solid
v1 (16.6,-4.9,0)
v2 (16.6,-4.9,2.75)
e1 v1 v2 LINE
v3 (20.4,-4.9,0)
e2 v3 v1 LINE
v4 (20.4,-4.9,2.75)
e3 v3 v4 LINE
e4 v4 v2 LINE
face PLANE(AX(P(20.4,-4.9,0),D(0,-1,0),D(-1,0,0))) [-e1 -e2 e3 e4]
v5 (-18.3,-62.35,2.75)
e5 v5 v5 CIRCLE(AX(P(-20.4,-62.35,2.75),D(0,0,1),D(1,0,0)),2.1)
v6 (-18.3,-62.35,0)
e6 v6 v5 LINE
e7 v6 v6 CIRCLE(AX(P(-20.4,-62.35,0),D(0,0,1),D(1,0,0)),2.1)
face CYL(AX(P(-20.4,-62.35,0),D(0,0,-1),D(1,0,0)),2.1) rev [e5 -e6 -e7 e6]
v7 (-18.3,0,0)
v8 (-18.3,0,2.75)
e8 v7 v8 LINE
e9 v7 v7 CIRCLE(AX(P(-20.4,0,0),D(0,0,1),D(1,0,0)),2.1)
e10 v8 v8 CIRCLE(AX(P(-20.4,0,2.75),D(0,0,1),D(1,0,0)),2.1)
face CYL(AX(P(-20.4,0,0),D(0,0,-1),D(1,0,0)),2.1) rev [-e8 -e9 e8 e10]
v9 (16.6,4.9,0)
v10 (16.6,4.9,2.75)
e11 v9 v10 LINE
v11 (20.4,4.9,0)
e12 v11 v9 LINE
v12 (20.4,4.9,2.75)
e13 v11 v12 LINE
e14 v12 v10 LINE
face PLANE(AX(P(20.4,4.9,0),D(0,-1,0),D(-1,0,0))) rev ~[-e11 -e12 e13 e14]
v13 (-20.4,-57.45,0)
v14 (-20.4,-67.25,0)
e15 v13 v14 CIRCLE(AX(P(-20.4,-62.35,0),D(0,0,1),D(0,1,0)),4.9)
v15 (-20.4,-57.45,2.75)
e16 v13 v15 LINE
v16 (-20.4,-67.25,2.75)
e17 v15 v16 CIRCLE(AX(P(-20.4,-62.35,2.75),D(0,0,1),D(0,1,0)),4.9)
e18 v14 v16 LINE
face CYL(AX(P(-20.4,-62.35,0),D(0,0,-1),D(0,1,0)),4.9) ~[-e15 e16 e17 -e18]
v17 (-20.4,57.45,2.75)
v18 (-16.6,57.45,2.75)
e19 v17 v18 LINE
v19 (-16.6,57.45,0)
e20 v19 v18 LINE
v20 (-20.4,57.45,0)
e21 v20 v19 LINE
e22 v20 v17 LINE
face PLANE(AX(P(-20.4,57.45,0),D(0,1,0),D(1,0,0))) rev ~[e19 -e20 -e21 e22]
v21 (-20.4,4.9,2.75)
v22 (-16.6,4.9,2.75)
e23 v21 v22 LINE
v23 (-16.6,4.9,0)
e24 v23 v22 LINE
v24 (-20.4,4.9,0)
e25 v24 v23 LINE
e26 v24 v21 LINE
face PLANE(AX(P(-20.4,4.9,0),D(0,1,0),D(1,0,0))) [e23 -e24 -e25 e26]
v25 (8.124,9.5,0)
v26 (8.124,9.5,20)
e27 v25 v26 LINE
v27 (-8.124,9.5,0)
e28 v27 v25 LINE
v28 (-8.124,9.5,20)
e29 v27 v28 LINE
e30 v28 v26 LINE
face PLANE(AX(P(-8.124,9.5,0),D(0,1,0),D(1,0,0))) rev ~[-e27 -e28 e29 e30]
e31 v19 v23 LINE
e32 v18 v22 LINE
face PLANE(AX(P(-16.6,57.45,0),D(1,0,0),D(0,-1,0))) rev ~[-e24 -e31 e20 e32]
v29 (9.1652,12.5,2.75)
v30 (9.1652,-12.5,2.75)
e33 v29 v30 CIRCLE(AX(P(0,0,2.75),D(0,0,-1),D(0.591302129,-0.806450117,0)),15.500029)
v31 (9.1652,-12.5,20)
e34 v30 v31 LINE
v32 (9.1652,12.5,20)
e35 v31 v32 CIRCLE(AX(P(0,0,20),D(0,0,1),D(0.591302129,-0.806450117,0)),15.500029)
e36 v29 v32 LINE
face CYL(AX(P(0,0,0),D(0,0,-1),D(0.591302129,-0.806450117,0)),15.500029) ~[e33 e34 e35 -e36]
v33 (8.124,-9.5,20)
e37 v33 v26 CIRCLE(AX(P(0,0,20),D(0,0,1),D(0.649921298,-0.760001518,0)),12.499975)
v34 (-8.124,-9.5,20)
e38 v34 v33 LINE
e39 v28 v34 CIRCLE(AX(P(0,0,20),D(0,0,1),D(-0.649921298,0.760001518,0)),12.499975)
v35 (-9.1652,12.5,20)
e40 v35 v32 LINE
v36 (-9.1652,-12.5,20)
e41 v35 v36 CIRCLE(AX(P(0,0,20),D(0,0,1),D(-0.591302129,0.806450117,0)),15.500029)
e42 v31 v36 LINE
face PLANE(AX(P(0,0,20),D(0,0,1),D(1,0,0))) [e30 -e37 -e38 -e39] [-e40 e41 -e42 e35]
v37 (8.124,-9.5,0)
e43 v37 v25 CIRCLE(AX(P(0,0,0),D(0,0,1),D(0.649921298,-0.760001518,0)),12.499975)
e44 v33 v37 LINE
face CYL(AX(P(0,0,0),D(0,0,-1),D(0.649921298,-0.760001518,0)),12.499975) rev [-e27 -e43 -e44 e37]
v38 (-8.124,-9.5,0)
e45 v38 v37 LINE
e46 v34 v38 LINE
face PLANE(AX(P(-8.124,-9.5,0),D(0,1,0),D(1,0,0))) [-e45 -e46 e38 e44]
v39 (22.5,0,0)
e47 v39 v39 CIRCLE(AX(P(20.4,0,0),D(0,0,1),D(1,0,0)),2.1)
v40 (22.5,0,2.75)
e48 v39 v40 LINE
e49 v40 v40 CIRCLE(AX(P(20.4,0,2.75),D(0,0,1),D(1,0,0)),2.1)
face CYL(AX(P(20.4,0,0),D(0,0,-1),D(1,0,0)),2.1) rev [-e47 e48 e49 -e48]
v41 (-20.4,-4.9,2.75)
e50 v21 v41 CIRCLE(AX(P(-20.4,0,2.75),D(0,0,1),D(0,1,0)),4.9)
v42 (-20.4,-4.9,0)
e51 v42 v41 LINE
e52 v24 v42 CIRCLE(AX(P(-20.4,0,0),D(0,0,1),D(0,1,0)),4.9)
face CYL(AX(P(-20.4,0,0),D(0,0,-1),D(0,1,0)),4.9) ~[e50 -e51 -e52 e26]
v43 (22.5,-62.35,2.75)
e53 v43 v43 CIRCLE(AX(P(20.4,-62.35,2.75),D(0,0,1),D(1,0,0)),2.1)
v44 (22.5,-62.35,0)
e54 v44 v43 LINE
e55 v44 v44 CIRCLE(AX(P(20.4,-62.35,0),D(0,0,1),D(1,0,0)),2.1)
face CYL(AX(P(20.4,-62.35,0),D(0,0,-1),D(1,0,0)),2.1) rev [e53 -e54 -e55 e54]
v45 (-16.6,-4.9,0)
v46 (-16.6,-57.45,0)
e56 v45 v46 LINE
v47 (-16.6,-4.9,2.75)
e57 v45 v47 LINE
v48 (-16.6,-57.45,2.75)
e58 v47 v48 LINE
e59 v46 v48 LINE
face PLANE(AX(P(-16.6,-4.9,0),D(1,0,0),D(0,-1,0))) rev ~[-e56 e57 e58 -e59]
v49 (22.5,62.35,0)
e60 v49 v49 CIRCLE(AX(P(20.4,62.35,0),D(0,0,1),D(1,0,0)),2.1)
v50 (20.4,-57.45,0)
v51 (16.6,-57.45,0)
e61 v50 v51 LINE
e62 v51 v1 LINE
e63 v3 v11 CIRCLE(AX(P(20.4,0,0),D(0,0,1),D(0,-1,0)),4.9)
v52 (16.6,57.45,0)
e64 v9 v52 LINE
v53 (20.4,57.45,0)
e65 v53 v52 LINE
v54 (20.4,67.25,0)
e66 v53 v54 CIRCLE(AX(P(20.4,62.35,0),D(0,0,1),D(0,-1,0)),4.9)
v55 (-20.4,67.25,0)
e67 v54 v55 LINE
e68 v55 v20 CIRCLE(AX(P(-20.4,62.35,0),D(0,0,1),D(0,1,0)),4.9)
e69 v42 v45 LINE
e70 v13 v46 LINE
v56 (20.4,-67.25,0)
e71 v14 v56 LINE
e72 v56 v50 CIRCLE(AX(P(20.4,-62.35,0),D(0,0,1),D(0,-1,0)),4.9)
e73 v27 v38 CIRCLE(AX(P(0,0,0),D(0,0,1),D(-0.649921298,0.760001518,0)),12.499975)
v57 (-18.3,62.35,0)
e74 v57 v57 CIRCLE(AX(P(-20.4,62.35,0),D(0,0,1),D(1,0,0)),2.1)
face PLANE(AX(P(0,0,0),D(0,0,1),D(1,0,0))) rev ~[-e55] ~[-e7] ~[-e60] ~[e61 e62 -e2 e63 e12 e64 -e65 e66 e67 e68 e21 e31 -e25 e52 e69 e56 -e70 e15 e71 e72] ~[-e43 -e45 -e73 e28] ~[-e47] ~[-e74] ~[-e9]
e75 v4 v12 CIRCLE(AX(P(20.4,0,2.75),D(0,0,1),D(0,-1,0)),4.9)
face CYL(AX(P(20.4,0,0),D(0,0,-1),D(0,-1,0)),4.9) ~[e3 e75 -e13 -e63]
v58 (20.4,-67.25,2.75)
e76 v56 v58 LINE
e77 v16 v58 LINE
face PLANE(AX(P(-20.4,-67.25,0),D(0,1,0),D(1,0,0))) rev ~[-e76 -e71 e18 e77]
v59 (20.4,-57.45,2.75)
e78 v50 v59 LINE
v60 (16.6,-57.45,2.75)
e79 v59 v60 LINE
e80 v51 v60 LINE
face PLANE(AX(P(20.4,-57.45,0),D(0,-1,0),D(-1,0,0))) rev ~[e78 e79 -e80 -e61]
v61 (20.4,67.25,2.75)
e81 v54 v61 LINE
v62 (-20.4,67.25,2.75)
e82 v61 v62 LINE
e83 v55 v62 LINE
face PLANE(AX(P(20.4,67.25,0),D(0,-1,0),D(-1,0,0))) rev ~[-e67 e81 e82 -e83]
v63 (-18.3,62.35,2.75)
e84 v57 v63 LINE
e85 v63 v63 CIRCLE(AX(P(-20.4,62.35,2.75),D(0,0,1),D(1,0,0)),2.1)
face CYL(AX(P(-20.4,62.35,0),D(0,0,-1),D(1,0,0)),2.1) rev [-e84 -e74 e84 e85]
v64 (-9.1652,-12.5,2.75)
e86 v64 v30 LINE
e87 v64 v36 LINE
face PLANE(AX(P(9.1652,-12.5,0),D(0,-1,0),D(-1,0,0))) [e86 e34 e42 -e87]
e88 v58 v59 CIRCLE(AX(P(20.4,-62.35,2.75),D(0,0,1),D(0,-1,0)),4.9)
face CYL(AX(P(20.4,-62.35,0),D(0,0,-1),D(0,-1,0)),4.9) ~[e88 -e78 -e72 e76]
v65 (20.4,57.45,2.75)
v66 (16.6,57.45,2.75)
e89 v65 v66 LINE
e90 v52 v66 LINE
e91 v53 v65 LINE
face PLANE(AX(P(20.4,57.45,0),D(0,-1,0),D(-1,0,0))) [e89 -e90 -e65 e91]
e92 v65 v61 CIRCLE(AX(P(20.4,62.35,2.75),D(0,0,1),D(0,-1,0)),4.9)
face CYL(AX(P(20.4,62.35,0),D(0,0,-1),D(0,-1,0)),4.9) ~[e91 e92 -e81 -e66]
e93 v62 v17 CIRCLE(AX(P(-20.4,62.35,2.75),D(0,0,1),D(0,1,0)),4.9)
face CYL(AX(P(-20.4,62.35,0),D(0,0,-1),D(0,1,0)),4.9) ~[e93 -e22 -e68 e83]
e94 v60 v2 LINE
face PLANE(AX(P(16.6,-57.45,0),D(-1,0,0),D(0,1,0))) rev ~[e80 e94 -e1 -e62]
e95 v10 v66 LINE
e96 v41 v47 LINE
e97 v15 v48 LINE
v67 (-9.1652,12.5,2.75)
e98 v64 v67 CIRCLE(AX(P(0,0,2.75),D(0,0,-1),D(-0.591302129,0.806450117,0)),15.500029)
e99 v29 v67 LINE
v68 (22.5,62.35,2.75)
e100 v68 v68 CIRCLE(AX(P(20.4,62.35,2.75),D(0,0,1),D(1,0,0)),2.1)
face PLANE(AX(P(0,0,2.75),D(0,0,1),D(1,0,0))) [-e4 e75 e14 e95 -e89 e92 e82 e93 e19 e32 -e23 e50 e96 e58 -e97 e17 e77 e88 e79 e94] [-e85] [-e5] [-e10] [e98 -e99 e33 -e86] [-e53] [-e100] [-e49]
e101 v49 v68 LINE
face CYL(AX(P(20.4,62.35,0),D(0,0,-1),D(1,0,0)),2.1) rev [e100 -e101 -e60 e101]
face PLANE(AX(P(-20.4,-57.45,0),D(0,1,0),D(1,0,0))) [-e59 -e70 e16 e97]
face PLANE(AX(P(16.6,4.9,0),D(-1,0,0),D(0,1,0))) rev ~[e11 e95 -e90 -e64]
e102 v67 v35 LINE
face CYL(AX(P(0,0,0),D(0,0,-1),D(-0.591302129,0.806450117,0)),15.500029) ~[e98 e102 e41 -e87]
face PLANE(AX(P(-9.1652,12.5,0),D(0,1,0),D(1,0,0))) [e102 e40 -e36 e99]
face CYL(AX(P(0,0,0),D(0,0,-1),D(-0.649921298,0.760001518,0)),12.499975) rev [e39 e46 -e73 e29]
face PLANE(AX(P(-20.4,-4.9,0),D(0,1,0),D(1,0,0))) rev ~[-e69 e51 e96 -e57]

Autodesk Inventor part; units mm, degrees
ref_plane "YZ Plane" through (0, 0, 0) normal (1, 0, 0) x (0, 1, 0)
ref_plane "XZ Plane" through (0, 0, 0) normal (0, 1, 0) x (-1, 0, 0)
sketch "Sketch1" plane through (0, 0, 0) normal (0, 0, 1) x (1, 0, 0)
  line L0 (-8.124, 9.5) -> (8.124, 9.5)
  line L1 (-8.124, -9.5) -> (8.124, -9.5)
  line L2 (-14.5312, 0) -> (9.3904, 0) construction
  arc A0 (-8.124, 9.5) -> (-8.124, -9.5) centre (0, 0) ccw
  arc A1 (8.124, -9.5) -> (8.124, 9.5) centre (0, 0) ccw
  line L3 (-29.5712, -67.25) -> (29.5712, -67.25)
  line L4 (29.5712, 67.25) -> (-29.5712, 67.25)
  arc A2 (-20.4, -57.45) -> (-20.4, -67.25) centre (-20.4, -62.35) ccw
  line L5 (-20.4, -67.25) -> (-29.5712, -67.25)
  line L6 (-20.4, -57.45) -> (-16.6, -57.45)
  circle A3 centre (-20.4, -62.35) radius 2.1
  line L7 (0, -40.5988) -> (0, 24.1265) construction
  arc A4 (-20.4, 67.25) -> (-20.4, 57.45) centre (-20.4, 62.35) ccw
  line L8 (-20.4, 67.25) -> (-29.5712, 67.25)
  line L9 (-20.4, 57.45) -> (-16.6, 57.45)
  circle A5 centre (-20.4, 62.35) radius 2.1
  arc A6 (20.4, -67.25) -> (20.4, -57.45) centre (20.4, -62.35) ccw
  line L10 (20.4, -67.25) -> (29.5712, -67.25)
  line L11 (20.4, -57.45) -> (16.6, -57.45)
  circle A7 centre (20.4, -62.35) radius 2.1
  line L12 (20.4, 57.45) -> (16.6, 57.45)
  circle A8 centre (20.4, 62.35) radius 2.1
  line L13 (20.4, 67.25) -> (29.5712, 67.25)
  arc A9 (20.4, 57.45) -> (20.4, 67.25) centre (20.4, 62.35) ccw
  arc A10 (-20.4, 4.9) -> (-20.4, -4.9) centre (-20.4, 0) ccw
  line L14 (-20.4, -4.9) -> (-16.6, -4.9)
  line L15 (-20.4, 4.9) -> (-16.6, 4.9)
  circle A11 centre (-20.4, 0) radius 2.1
  line L16 (-16.6, 57.45) -> (-16.6, 4.9)
  line L17 (-16.6, -4.9) -> (-16.6, -57.45)
  line L18 (20.4, 4.9) -> (16.6, 4.9)
  arc A12 (20.4, -4.9) -> (20.4, 4.9) centre (20.4, 0) ccw
  circle A13 centre (20.4, 0) radius 2.1
  line L19 (20.4, -4.9) -> (16.6, -4.9)
  line L20 (16.6, -57.45) -> (16.6, -4.9)
  line L21 (16.6, 4.9) -> (16.6, 57.45)
  line L22 (9.1652, -12.5) -> (-9.1652, -12.5)
  arc A14 (-9.1652, 12.5) -> (-9.1652, -12.5) centre (0, 0) ccw
  line L23 (-9.1652, 12.5) -> (9.1652, 12.5)
  arc A15 (9.1652, -12.5) -> (9.1652, 12.5) centre (0, 0) ccw
  point P0 (-42.7024, 0)
  dimension "d1" = 19
  dimension "d2" = 4.2
  dimension "d3" = 4.9
  dimension "d4" = 134.5
  dimension "d5" = 4.2
  dimension "d6" = 4.9
  dimension "d9" = 3
  dimension "d34" = 33.2
  dimension "d35" = 3.8
  dimension "d36" = 3.8
  dimension "d37" = 12.5
  dimension "d38" = 12.5
extrude "Extrusion1" add sketch "Sketch1" along normal blind 2.75 contours A2 L6 L17 L14 A10 L15 L16 L9 A4 L4 A9 L12 L21 L18 A12 L19 L20 L11 A6 L3 | L22 A14 L23 A15
extrude "Extrusion2" add sketch "Sketch1" along normal blind 20 contours L22 A14 L23 A15
ref_plane "Work Plane1" through (0, 0, 52.75) normal (0, 0, 1) x (1, 0, 0)
properties part number "Gripper_MotorHolder"
